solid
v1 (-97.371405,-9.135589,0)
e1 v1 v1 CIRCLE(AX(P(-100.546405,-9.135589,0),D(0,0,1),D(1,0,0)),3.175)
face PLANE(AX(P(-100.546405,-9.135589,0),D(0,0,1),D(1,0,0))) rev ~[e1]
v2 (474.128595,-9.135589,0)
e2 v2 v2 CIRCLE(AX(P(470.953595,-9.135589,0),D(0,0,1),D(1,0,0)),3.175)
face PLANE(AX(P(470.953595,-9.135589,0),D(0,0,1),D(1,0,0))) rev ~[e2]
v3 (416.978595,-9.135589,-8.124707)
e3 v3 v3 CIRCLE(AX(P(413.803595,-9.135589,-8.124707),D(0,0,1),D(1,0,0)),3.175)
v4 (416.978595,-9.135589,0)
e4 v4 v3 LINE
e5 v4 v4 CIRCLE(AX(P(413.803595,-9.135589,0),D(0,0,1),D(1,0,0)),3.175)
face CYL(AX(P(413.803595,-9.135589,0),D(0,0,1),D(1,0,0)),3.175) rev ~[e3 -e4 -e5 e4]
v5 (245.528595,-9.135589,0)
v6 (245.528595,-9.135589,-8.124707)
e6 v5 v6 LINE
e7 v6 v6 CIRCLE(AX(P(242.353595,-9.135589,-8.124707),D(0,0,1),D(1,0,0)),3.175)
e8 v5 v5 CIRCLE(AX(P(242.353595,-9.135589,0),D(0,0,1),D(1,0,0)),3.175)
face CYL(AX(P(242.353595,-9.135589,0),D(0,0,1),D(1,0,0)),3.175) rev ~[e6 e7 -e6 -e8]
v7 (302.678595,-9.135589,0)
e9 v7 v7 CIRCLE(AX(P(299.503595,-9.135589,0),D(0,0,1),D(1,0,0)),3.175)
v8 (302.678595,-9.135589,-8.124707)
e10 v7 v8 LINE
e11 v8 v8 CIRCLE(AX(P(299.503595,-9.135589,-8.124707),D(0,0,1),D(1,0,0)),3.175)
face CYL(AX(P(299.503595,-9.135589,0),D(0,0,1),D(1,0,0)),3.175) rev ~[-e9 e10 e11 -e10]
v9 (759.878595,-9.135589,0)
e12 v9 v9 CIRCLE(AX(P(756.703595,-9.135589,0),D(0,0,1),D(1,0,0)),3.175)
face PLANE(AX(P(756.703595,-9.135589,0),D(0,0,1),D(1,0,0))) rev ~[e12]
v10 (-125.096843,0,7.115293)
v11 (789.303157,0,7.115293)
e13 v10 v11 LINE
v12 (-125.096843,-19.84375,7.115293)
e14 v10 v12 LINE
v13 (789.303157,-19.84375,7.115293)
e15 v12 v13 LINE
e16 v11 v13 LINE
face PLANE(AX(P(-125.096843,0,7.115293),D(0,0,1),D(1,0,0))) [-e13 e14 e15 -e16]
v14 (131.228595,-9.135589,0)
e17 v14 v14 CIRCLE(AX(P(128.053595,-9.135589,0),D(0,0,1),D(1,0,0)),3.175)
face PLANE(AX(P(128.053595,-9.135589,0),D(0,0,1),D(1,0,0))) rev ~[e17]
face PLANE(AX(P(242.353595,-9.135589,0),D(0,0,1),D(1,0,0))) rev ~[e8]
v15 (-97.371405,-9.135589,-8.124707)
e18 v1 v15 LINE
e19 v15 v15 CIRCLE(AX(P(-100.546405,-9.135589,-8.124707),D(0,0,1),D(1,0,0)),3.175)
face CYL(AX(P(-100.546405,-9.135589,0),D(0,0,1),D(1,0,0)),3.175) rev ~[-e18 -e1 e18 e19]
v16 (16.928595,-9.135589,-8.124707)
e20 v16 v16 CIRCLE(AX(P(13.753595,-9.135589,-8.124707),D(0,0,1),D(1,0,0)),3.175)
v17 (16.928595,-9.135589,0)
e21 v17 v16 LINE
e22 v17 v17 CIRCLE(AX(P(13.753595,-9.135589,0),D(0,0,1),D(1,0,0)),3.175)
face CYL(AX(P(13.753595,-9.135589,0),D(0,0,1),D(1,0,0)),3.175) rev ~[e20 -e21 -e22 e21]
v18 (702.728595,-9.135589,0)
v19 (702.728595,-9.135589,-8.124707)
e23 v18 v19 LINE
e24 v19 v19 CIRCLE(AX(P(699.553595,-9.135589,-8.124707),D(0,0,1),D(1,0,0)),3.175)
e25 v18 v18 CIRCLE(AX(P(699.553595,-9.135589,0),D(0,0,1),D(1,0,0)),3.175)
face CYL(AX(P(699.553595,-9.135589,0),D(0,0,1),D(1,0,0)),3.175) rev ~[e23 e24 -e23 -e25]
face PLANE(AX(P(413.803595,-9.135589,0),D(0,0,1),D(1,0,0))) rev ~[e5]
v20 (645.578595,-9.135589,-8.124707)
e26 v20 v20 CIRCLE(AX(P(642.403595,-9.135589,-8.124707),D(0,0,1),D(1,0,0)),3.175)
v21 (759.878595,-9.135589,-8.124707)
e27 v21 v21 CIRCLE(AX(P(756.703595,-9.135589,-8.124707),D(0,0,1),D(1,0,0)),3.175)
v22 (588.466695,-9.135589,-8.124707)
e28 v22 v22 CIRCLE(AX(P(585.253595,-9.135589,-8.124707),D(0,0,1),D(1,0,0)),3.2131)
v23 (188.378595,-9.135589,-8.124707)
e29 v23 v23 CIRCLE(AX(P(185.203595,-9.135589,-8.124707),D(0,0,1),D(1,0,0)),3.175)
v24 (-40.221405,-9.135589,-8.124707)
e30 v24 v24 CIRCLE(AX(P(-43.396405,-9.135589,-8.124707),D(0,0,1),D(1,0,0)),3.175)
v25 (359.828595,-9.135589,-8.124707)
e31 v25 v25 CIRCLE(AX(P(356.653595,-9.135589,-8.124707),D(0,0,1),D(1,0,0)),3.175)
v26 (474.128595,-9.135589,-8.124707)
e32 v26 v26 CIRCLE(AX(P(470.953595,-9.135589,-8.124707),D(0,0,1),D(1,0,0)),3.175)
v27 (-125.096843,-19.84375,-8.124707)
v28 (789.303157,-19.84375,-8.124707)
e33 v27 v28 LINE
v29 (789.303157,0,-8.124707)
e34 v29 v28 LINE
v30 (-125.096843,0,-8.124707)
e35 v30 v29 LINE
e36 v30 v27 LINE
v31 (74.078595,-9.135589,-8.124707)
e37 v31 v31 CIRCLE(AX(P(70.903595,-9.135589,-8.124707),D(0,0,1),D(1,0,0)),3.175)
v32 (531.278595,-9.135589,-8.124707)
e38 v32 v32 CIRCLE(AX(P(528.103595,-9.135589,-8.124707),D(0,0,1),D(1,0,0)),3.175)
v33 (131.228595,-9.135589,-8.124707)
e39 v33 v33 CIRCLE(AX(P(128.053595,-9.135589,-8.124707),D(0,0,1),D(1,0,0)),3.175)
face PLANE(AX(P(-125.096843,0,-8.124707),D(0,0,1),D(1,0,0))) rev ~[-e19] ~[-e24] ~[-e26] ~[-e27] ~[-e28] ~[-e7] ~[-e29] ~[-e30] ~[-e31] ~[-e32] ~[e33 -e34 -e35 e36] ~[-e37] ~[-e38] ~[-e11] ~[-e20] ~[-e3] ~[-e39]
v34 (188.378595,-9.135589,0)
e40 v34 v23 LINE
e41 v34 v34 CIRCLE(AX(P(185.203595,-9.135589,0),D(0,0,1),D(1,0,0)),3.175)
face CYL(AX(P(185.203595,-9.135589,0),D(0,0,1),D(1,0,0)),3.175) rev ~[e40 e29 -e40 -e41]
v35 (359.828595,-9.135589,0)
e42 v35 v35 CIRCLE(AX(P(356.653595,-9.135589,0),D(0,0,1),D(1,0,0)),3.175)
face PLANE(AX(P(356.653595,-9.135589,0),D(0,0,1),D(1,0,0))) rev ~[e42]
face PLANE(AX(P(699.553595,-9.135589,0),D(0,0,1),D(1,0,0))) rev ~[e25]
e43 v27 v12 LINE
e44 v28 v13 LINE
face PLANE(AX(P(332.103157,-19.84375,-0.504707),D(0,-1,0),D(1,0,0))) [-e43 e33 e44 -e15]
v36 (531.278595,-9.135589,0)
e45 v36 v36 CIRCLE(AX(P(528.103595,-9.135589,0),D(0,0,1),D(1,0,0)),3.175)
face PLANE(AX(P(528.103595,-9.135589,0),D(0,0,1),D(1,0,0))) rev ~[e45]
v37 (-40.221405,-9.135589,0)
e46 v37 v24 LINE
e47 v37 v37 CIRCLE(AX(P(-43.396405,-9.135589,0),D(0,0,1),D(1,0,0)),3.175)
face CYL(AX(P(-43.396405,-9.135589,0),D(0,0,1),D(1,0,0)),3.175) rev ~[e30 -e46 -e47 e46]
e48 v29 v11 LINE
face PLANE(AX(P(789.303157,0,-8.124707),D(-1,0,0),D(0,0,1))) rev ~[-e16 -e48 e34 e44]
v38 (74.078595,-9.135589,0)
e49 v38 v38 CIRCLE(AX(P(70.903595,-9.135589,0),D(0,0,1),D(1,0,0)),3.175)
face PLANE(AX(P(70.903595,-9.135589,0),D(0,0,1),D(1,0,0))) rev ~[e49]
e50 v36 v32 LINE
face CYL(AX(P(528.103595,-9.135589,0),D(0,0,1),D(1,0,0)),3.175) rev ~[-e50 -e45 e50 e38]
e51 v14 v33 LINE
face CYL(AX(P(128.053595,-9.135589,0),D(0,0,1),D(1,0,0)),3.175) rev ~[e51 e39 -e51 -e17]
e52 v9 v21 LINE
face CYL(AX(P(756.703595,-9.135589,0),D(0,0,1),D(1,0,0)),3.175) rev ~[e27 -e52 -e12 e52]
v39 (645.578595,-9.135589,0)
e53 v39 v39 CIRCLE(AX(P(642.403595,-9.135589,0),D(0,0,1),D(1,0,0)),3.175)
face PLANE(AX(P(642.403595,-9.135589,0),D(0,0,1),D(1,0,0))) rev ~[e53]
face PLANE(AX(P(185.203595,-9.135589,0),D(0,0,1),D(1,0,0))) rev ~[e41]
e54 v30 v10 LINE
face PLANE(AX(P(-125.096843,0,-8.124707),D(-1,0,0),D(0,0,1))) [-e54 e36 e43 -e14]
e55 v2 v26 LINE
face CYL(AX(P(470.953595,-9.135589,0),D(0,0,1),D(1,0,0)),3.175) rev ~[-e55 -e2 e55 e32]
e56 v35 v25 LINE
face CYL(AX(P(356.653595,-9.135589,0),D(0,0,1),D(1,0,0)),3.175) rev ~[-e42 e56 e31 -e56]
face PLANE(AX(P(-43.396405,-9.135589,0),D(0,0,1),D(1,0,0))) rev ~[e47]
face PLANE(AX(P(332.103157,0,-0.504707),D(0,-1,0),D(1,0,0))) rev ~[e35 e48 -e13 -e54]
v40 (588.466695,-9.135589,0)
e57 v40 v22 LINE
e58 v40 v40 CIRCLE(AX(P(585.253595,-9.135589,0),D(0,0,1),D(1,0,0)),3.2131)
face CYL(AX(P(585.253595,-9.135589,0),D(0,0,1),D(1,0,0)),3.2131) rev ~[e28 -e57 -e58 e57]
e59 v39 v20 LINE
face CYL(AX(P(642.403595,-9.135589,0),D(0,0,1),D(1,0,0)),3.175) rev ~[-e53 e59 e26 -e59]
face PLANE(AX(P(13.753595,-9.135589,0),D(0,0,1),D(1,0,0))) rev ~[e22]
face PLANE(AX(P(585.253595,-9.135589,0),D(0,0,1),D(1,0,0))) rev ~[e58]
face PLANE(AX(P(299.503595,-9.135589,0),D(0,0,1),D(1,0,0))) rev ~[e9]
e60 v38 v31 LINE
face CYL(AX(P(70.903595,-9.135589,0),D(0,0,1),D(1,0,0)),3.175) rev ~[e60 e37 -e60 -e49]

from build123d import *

# Parameters (mm, degrees)
F0_W     = 914.4
F0_H     = 15.24
F1_DEPTH = 19.84375
F2_R     = 3.175
F2_R_2   = 3.2131
F3_DEPTH = 8.125707


with BuildPart() as f1:
    # F0 (on Front) → F1 (new body)
    with BuildSketch(Plane.XZ):
        with Locations((332.103157, -0.504707)):
            Rectangle(F0_W, F0_H)
    extrude(amount=F1_DEPTH)

    # F2 (on Top) → F3 (cut, through all)
    with BuildSketch(Plane.XY):
        with Locations((756.703595, -9.135589)):
            Circle(F2_R)
        with Locations((699.553595, -9.135589)):
            Circle(F2_R)
        with Locations((642.403595, -9.135589)):
            Circle(F2_R)
        with Locations((585.253595, -9.135589)):
            Circle(F2_R_2)
        with Locations((528.103595, -9.135589)):
            Circle(F2_R)
        with Locations((470.953595, -9.135589)):
            Circle(F2_R)
        with Locations((413.803595, -9.135589)):
            Circle(F2_R)
        with Locations((356.653595, -9.135589)):
            Circle(F2_R)
        with Locations((299.503595, -9.135589)):
            Circle(F2_R)
        with Locations((242.353595, -9.135589)):
            Circle(F2_R)
        with Locations((185.203595, -9.135589)):
            Circle(F2_R)
        with Locations((128.053595, -9.135589)):
            Circle(F2_R)
        with Locations((70.903595, -9.135589)):
            Circle(F2_R)
        with Locations((13.753595, -9.135589)):
            Circle(F2_R)
        with Locations((-43.396405, -9.135589)):
            Circle(F2_R)
        with Locations((-100.546405, -9.135589)):
            Circle(F2_R)
    extrude(amount=-F3_DEPTH, mode=Mode.SUBTRACT)


solid = f1.part
